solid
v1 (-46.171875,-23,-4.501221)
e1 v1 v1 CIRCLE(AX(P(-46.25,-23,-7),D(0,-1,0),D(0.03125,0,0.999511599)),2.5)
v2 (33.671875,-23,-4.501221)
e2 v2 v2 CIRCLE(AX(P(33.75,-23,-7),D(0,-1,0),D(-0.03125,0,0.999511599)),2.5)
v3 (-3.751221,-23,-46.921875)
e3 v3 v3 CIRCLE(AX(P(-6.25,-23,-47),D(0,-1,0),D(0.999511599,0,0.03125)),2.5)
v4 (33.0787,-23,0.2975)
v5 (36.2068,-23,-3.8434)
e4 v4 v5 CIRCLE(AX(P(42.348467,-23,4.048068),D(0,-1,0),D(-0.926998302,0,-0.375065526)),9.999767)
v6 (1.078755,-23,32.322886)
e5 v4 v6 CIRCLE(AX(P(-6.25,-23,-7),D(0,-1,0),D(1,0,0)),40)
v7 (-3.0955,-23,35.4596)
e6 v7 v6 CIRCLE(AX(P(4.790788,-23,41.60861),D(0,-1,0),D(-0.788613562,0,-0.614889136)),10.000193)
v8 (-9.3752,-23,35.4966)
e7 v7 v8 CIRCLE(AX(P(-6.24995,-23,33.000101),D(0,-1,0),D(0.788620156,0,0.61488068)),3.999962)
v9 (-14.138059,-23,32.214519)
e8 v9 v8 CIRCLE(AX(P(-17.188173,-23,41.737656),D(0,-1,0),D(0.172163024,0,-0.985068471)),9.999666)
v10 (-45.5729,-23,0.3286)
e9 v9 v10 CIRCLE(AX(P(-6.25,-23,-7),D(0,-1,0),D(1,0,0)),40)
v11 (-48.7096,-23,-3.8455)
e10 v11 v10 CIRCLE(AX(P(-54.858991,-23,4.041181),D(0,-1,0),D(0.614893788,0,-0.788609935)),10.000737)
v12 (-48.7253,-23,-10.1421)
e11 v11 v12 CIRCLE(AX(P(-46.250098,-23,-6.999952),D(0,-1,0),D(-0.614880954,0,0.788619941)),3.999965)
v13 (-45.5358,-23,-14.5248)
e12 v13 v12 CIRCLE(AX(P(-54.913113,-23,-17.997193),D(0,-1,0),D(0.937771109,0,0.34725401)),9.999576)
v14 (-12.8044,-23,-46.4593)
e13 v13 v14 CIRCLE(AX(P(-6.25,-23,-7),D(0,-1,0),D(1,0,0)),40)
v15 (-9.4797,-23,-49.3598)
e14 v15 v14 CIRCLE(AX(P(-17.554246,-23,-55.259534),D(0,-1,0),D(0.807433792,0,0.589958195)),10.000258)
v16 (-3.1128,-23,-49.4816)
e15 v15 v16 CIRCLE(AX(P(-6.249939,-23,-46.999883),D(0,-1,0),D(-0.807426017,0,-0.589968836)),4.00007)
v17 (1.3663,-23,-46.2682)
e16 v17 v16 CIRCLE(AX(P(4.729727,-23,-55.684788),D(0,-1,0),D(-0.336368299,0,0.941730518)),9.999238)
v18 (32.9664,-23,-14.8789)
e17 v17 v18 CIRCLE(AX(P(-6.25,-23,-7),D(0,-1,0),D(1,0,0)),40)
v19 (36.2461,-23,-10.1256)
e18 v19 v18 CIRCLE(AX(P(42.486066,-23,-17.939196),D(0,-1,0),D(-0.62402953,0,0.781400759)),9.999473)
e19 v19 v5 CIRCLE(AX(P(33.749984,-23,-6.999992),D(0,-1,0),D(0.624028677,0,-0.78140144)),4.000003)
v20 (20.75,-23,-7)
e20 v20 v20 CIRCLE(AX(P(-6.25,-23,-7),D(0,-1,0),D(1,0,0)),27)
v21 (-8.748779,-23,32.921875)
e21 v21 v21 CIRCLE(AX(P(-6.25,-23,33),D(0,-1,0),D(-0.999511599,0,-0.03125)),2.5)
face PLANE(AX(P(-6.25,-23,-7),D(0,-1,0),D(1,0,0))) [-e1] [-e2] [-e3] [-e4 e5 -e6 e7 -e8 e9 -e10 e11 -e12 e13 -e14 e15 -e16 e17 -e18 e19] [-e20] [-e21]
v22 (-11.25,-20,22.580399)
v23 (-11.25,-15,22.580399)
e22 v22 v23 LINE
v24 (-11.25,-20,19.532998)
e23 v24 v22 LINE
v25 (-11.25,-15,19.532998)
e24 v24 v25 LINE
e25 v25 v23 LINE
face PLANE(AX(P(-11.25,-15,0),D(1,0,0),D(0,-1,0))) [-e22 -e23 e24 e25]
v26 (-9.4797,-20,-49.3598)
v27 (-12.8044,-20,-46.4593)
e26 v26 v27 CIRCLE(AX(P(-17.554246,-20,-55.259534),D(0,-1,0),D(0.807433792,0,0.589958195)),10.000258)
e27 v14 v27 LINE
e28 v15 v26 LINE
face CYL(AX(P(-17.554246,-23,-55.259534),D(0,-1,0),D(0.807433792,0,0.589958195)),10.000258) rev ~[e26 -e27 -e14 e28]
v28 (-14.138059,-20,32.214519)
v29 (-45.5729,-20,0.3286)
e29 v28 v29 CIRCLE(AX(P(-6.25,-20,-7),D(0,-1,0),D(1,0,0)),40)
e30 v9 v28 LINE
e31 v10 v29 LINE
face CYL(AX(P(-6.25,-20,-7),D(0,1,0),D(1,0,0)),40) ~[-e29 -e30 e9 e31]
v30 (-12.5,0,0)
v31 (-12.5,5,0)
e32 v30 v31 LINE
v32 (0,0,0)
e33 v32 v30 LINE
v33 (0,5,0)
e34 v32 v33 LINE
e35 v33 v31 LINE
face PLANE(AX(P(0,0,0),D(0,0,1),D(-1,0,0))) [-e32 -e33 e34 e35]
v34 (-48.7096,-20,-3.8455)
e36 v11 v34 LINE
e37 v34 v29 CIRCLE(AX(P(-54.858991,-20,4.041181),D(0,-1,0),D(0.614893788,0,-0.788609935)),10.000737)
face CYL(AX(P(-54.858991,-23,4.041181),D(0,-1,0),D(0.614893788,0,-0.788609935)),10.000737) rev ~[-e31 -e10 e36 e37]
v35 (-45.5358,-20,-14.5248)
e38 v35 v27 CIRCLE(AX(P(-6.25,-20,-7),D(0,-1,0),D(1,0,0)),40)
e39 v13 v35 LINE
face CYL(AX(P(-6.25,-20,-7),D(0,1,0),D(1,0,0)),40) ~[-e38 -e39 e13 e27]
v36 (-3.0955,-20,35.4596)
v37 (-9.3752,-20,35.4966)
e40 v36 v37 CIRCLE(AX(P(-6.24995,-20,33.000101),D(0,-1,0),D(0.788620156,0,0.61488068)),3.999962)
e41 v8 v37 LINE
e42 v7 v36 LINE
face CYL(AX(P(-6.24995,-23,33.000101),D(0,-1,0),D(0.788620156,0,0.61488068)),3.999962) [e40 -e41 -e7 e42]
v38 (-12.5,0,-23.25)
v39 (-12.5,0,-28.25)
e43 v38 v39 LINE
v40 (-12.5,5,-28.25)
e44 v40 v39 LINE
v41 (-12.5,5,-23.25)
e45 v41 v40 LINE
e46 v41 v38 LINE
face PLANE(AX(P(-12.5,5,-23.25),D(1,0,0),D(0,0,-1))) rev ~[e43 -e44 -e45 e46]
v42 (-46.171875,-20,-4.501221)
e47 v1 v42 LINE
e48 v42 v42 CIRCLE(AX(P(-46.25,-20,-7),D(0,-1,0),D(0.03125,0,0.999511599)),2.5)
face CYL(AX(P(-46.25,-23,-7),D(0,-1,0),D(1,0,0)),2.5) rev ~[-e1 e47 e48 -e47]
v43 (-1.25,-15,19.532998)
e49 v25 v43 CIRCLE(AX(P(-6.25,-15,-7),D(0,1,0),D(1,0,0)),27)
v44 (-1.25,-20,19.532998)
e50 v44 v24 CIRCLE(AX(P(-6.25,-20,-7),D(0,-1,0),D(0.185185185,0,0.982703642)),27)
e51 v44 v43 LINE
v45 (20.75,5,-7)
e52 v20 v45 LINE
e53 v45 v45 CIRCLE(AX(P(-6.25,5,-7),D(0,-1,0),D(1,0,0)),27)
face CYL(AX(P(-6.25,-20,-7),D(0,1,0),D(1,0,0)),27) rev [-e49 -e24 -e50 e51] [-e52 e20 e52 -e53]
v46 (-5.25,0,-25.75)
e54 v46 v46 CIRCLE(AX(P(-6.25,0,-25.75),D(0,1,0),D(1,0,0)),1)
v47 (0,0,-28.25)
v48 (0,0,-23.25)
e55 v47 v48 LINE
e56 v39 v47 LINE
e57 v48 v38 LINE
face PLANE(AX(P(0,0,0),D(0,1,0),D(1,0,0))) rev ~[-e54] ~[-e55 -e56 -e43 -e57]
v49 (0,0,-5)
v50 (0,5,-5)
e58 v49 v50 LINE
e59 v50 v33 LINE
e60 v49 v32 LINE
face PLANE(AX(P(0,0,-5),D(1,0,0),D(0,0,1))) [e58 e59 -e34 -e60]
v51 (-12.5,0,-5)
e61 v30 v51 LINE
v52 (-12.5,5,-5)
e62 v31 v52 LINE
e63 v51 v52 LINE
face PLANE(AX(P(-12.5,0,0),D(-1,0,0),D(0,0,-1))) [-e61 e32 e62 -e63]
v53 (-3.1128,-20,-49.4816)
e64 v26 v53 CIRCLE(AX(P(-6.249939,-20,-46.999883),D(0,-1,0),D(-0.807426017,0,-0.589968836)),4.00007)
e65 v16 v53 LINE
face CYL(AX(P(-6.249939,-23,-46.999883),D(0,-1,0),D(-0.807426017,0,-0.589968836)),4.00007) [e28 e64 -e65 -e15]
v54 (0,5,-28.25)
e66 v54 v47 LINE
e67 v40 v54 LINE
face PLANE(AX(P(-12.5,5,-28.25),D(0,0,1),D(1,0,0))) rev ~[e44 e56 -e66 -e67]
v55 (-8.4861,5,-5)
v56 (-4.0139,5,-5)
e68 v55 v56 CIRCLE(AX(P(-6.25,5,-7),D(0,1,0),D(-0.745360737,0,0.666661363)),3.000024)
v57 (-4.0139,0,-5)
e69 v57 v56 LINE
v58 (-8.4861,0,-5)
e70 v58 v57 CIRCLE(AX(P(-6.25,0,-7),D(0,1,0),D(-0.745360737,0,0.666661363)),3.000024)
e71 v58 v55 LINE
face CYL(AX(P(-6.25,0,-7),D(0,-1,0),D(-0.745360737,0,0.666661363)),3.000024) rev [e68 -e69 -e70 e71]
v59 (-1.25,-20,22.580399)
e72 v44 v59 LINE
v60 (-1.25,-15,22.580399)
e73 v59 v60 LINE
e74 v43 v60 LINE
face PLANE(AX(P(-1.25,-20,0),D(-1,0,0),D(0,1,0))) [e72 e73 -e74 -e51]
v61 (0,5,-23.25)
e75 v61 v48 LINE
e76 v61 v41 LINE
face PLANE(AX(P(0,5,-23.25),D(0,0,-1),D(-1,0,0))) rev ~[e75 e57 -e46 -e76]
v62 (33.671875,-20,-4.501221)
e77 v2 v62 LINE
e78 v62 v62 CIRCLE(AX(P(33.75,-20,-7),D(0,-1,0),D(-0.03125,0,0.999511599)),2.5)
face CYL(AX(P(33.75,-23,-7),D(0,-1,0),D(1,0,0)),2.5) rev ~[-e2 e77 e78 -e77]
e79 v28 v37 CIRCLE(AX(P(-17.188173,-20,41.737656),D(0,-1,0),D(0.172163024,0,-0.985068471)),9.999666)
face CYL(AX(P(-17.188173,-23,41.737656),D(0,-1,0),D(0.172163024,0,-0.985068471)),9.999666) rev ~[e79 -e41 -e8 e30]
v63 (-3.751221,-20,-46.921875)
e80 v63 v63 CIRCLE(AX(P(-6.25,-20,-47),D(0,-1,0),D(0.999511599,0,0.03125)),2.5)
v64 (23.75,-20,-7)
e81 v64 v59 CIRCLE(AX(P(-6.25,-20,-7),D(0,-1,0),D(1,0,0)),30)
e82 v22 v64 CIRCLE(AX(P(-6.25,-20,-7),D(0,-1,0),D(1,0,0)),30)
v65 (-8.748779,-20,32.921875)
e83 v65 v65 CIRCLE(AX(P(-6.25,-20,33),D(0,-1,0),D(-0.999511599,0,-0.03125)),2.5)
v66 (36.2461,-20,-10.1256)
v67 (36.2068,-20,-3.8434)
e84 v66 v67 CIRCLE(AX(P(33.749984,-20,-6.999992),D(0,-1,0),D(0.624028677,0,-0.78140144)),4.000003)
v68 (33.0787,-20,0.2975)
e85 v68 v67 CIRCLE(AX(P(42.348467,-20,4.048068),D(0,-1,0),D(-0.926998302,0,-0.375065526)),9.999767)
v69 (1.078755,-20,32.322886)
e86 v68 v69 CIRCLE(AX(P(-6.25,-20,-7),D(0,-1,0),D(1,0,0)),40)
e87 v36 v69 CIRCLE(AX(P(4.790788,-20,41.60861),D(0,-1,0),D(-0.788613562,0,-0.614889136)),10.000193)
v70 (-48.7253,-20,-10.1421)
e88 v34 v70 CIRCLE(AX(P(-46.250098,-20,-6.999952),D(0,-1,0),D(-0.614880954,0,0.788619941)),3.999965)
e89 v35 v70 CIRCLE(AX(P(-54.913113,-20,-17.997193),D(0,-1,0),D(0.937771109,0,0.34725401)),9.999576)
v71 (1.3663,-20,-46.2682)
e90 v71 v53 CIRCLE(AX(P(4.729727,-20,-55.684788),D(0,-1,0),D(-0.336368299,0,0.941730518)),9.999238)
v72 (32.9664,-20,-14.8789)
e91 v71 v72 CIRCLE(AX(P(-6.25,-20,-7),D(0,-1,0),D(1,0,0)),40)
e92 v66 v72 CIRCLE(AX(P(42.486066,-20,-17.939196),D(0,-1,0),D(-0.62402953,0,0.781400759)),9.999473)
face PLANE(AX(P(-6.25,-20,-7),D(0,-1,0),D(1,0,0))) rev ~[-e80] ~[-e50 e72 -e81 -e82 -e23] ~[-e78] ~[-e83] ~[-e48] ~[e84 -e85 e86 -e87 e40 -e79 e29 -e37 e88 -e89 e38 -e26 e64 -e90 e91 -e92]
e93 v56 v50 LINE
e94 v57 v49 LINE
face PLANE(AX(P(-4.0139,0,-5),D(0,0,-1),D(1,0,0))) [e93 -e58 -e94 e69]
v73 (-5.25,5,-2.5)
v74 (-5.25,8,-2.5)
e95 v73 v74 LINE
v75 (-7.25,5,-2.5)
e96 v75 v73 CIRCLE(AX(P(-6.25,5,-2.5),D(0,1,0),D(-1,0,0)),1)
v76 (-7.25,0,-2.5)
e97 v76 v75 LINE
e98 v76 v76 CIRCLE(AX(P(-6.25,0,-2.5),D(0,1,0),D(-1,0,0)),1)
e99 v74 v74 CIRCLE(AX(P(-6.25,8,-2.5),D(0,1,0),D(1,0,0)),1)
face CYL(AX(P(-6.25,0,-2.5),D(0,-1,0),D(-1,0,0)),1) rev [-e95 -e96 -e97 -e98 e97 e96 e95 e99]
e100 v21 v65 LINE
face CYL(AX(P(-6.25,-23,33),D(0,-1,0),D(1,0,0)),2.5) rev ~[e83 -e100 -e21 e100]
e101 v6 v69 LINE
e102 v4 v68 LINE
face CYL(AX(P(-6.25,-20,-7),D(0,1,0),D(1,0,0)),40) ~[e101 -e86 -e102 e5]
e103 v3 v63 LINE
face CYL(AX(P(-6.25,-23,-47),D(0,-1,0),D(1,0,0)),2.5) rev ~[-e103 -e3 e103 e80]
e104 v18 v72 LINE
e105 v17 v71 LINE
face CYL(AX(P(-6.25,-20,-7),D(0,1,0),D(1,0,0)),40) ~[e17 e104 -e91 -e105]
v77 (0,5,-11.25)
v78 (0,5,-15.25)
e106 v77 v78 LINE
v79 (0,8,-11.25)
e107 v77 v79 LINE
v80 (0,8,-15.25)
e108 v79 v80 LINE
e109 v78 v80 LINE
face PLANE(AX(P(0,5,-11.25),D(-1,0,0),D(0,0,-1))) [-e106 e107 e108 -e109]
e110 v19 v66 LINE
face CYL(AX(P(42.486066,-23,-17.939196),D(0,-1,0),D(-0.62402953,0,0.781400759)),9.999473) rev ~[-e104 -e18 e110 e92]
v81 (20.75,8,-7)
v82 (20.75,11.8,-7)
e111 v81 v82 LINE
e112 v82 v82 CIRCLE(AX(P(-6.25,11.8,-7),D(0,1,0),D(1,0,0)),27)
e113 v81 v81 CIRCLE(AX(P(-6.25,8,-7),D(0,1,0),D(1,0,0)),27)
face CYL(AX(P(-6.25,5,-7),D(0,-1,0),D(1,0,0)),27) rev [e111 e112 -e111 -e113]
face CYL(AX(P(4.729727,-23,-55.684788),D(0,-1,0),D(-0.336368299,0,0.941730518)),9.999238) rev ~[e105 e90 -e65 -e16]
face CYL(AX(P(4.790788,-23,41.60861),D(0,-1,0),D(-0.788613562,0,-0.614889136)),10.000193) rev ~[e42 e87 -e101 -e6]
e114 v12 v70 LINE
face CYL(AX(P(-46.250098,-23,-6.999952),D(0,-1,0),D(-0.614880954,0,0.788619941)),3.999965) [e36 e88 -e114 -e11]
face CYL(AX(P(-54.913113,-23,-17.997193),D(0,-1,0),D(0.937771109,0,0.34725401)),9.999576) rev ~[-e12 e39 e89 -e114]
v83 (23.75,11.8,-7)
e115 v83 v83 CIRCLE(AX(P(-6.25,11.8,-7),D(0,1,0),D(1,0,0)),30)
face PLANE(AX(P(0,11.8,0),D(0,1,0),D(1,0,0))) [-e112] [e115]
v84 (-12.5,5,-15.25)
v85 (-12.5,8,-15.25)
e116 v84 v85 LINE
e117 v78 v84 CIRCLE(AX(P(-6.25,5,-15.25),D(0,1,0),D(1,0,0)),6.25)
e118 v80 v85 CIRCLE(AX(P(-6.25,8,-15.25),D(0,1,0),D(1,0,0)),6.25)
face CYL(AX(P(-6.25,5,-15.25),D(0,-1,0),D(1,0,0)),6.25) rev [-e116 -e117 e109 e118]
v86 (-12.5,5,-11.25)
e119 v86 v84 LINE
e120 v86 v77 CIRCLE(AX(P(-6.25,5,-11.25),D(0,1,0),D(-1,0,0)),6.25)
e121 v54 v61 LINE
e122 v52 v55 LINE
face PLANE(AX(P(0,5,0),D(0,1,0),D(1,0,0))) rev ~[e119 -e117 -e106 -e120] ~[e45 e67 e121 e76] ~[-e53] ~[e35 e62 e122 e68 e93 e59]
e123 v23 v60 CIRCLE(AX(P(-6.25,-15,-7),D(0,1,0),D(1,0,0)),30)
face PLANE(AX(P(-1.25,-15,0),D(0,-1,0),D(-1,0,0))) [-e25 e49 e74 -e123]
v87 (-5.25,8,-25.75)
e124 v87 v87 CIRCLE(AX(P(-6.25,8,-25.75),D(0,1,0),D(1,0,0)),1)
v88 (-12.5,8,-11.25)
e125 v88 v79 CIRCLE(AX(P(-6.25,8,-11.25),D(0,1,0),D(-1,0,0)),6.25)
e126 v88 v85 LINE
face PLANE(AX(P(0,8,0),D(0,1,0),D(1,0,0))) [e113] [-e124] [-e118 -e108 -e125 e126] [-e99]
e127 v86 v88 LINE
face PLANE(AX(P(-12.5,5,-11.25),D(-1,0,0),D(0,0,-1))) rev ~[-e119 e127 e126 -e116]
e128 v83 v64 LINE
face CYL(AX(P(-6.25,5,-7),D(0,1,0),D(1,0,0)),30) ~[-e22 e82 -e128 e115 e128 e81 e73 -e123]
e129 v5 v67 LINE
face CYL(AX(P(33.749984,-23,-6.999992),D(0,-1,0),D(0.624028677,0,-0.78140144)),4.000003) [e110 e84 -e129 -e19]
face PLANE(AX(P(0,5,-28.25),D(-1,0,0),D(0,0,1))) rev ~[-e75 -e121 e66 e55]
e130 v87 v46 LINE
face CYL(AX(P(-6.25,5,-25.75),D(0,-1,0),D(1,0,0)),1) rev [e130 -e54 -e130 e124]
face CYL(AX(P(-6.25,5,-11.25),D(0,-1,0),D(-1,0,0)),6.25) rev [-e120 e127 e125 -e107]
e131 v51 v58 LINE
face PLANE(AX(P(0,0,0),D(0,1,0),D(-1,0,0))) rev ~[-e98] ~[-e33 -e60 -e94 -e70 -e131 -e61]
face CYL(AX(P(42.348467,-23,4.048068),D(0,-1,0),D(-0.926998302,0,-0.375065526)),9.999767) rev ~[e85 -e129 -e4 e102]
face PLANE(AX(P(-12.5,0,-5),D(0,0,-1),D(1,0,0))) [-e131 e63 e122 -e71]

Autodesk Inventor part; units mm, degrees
ref_plane "YZ Plane" through (0, 0, 0) normal (1, 0, 0) x (0, 1, 0)
ref_plane "XZ Plane" through (0, 0, 0) normal (0, 1, 0) x (-1, 0, 0)
ref_plane "XY Plane" through (0, 0, 0) normal (0, 0, 1) x (1, 0, 0)
sketch "Boceto1" plane through (0, 0, 0) normal (0, 1, 0) x (-1, 0, 0)
  line L0 (0, 0) -> (12.5, 0)
  line L1 (12.5, 0) -> (12.5, -5)
  line L2 (0, -5) -> (0, 0)
  circle A0 centre (6.25, -2.5) radius 1
  arc A1 (8.4861, -5) -> (4.0139, -5) centre (6.25, -7) ccw
  line L3 (12.5, -5) -> (8.4861, -5)
  line L4 (4.0139, -5) -> (0, -5)
  dimension "d1" = 5
  dimension "d2" = 2
  dimension "d4" = 6
extrude "Extrusión1" add sketch "Boceto1" along normal blind 5
sketch "Boceto2" plane through (0, 5, 0) normal (0, 1, 0) x (1, 0, 0)
  line L0 (0, 5) -> (-4.0139, 5) projected
  arc A0 (-8.4861, 5) -> (-4.0139, 5) centre (-6.25, 7) ccw projected
  line L1 (-8.4861, 5) -> (-12.5, 5) projected
  line L2 (-12.5, 5) -> (-12.5, 0) projected
  line L3 (-12.5, 0) -> (0, 0) projected
  line L4 (0, 0) -> (0, 5) projected
  circle A1 centre (-6.25, 2.5) radius 1 projected
  arc A2 (-12.5, 11.25) -> (0, 11.25) centre (-6.25, 11.25) ccw
  arc A3 (0, 15.25) -> (-12.5, 15.25) centre (-6.25, 15.25) ccw
  line L5 (-12.5, 11.25) -> (-12.5, 15.25)
  line L6 (0, 11.25) -> (0, 15.25)
  line L7 (0, 23.25) -> (-12.5, 23.25)
  line L8 (-12.5, 23.25) -> (-12.5, 28.25)
  line L9 (-12.5, 28.25) -> (0, 28.25)
  line L10 (0, 28.25) -> (0, 23.25)
  circle A4 centre (-6.25, 25.75) radius 1
  circle A5 centre (-6.25, 7) radius 27
  circle A6 centre (-6.25, 7) radius 30
  dimension "d8" = 12.5
  dimension "d10" = 12.5
  dimension "d12" = 12.5
  dimension "d13" = 5
  dimension "d14" = 2
  dimension "d15" = 54
  dimension "d17" = 3
extrude "Extrusión2" add sketch "Boceto2" along normal blind 3 contours A5
extrude "Extrusión3" add sketch "Boceto2" against normal blind 5 contours L7 L8 L9 L10
extrude "Extrusión4" add sketch "Boceto2" along normal blind 6.8 contours A6
sketch "Boceto3" plane through (0, 5, 0) normal (0, 1, 0) x (1, 0, 0)
  line L0 (-4.0139, 5) -> (0, 5) projected
  line L1 (0, 0) -> (-12.5, 0) projected
  line L2 (0, 5) -> (-12.5, 5)
  line L3 (-12.5, 5) -> (-12.5, 0)
  line L4 (-12.5, 0) -> (0, 0)
  line L5 (0, 0) -> (0, 5)
  line L6 (-12.5, 28.25) -> (0, 28.25) projected
  line L7 (0, 23.25) -> (-12.5, 23.25) projected
  line L8 (0, 28.25) -> (-12.5, 28.25)
  line L9 (-12.5, 28.25) -> (-12.5, 23.25)
  line L10 (-12.5, 23.25) -> (0, 23.25)
  line L11 (0, 23.25) -> (0, 28.25)
  circle A0 centre (-6.25, 25.75) radius 1 projected
  circle A1 centre (-6.25, 25.75) radius 1
  circle A2 centre (-6.25, 2.5) radius 1 projected
  circle A3 centre (-6.25, 2.5) radius 1
  dimension "d24" = 12.5
  dimension "d25" = 5
  dimension "d26" = 12.5
  dimension "d27" = 5
  dimension "d28" = 2
  dimension "d29" = 2
extrude "Extrusión5" add sketch "Boceto3" along normal blind 3
sketch "Boceto4" plane through (-6.25, 5, -7) normal (0, -1, 0) x (1, 0, 0)
  circle A0 centre (0, 0) radius 27 projected
  circle A1 centre (0, 0) radius 30
  circle A2 centre (0, 0) radius 27
  point P0 (6.25, 7)
  dimension "d32" = 60
  dimension "d33" = 54
extrude "Extrusión6" add sketch "Boceto4" along normal blind 25
sketch "Boceto5" plane through (-6.25, -20, -7) normal (0, -1, 0) x (1, 0, 0)
  circle A0 centre (0, 0) radius 27 projected
  arc A1 (6.25, -4.25) -> (-6.25, -4.25) centre (0, -4.25) ccw projected
  line L0 (6.25, -8.25) -> (6.25, -4.25) projected
  arc A2 (-6.25, -8.25) -> (6.25, -8.25) centre (0, -8.25) ccw projected
  line L1 (-6.25, -4.25) -> (-6.25, -8.25) projected
  arc A3 (2.2361, 2) -> (-2.2361, 2) centre (0, 0) ccw projected
  line L2 (-2.2361, 2) -> (-6.25, 2) projected
  line L3 (-6.25, 2) -> (-6.25, 7) projected
  line L4 (-6.25, 7) -> (6.25, 7) projected
  line L5 (6.25, 7) -> (6.25, 2) projected
  line L6 (6.25, 2) -> (2.2361, 2) projected
  line L7 (6.25, -16.25) -> (-6.25, -16.25) projected
  line L8 (6.25, -21.25) -> (6.25, -16.25) projected
  line L9 (-6.25, -21.25) -> (6.25, -21.25) projected
  line L10 (-6.25, -16.25) -> (-6.25, -21.25) projected
  circle A4 centre (0, 0) radius 30 projected
  circle A5 centre (0, 0) radius 27 projected
  circle A6 centre (0, 0) radius 40
  circle A7 centre (0, 0) radius 30 projected
  line L11 (0, 30) -> (5, 30)
  line L12 (5, 30) -> (-5, 30)
  line L13 (-5, 30) -> (-5, 26.533)
  circle A8 centre (0, 0) radius 27 projected
  line L14 (5, 30) -> (5, 26.533)
  circle A9 centre (0, 0) radius 27
  circle A10 centre (0, 0) radius 30
  dimension "d36" = 80
  dimension "d37" = 5
  dimension "d38" = 10
extrude "Extrusión7" add sketch "Boceto5" along normal blind 3 contours A0 L14 A4 L13 | A0 L13 A4 L14 | A4 L11 L14 | L13 L12 A4 | A6
sketch "Boceto6" plane through (-6.25, -23, -7) normal (0, -1, 0) x (1, 0, 0)
  circle A0 centre (0, 0) radius 30 projected
  circle A1 centre (0, 0) radius 40 projected
  circle A2 centre (0, 0) radius 27 projected
  circle A3 centre (0, 0) radius 30 projected
  circle A4 centre (0, 0) radius 30 projected
  circle A5 centre (0, 0) radius 40 projected
  arc A6 (42.4961, -3.1256) -> (42.4568, 3.1566) centre (40, 0) ccw
  circle A7 centre (40, 0) radius 2.5
  circle A8 centre (0, 0) radius 40
  arc A9 (42.4961, -3.1256) -> (39.2164, -7.8789) centre (48.7365, -10.9396) ccw
  line L0 (39.8, 3.995) -> (39.8, 3.995)
  arc A10 (39.3287, 7.2975) -> (42.4568, 3.1566) centre (48.5987, 11.0482) ccw
  arc A11 (3.1545, 42.4596) -> (-3.1252, 42.4966) centre (0, 40) ccw
  circle A12 centre (0, 40) radius 2.5
  line L1 (3.995, 39.8) -> (3.995, 39.8)
  line L2 (9.1155, 38.7955) -> (7.182, 39.1748)
  arc A13 (3.1545, 42.4596) -> (9.1155, 38.7955) centre (11.0406, 48.6084) ccw
  line L3 (-3.995, 39.8) -> (-3.995, 39.8)
  line L4 (-9.2166, 38.8873) -> (-9.7422, 38.7955)
  arc A14 (-9.2166, 38.8873) -> (-3.1252, 42.4966) centre (-10.9383, 48.738) ccw
  arc A15 (-3.2297, -42.3598) -> (3.1372, -42.4816) centre (0, -40) ccw
  circle A16 centre (0, -40) radius 2.5
  arc A17 (-42.4596, 3.1545) -> (-42.4753, -3.1421) centre (-40, 0) ccw
  circle A18 centre (-40, 0) radius 2.5
  line L5 (-8.8392, -38.5679) -> (-8.6091, -38.6265)
  arc A19 (7.6163, -39.2682) -> (3.1372, -42.4816) centre (10.9801, -48.6855) ccw
  arc A20 (-3.2297, -42.3598) -> (-6.5544, -39.4593) centre (-11.3041, -48.2594) ccw
  arc A21 (-42.4596, 3.1545) -> (-39.3229, 7.3286) centre (-48.6084, 11.0406) ccw
  arc A22 (-39.2858, -7.5248) -> (-42.4753, -3.1421) centre (-48.6635, -10.9974) ccw
  point P0 (6.25, 7)
  point P1 (39.8, -3.995)
  point P2 (3.995, -39.8)
  point P3 (-3.995, -39.8)
  point P4 (-39.8, -3.995)
  point P5 (-39.8, 3.995)
  point P6 (-39.2858, -7.5248)
  point P7 (-39.9219, -2.4988)
  point P8 (-39.9219, 2.4988)
  point P9 (-39.3229, 7.3286)
  point P10 (-7.8886, 39.2144)
  point P11 (-2.4988, 39.9219)
  point P12 (2.4988, 39.9219)
  point P13 (7.3286, 39.3229)
  point P14 (2.4988, -39.9219)
  point P15 (-2.4988, -39.9219)
  point P16 (-6.5544, -39.4593)
  point P17 (39.3287, 7.2975)
  point P18 (39.9219, 2.4988)
  point P19 (39.9219, -2.4988)
  dimension "d41" = 8
  dimension "d42" = 5
  dimension "d43" = 10
  dimension "d44" = 10
  dimension "d45" = 8
  dimension "d46" = 5
  dimension "d47" = 10
  dimension "d48" = 10
  dimension "d49" = 8
  dimension "d50" = 5
  dimension "d51" = 8
  dimension "d52" = 5
  dimension "d53" = 10
  dimension "d54" = 10
extrude "Extrusión8" add sketch "Boceto6" against normal blind 3 contours A1 A18 A22 A17 A21 | A14 A11 A13 A1 A12 | A1 A16 A19 A15 A20 | A10 A6 A9 A1 A7
extrude "Extrusión9" cut sketch "Boceto6" against normal blind 3 contours A18 A1 | A1 A12 | A16 A1 | A1 A7 picked at (-39.1609, 0) picked at (-0.0985, 39.1667) picked at (-0.0985, -39.1667) picked at (39.2158, -0.5677)
sketch "Boceto7" plane through (0, 0, 0) normal (0, 0, 1) x (1, 0, 0)
  line L0 (-36.25, -20) -> (23.75, -20) projected
  line L1 (23.75, 11.8) -> (-36.25, 11.8) projected
  line L2 (-3.0955, -23) -> (-9.3752, -23) projected
  line L3 (-3.0955, -23) -> (-3.0955, -20) projected
  line L4 (-9.3752, -20) -> (-3.0955, -20) projected
  line L5 (-9.3752, -23) -> (-9.3752, -20) projected
  line L6 (1.0786, -23) -> (-3.0955, -23) projected
  line L7 (1.0786, -20) -> (1.0786, -23) projected
  line L8 (-3.0955, -20) -> (1.0786, -20) projected
  line L9 (-3.0955, -23) -> (-3.0955, -20) projected
  line L10 (-12.8044, -20) -> (-12.8044, -23) projected
  line L11 (-9.3752, -23) -> (-14.1386, -23) projected
  line L12 (-9.3752, -23) -> (-9.3752, -20) projected
  line L13 (-14.1386, -20) -> (-9.3752, -20) projected
  line L14 (-14.1386, -23) -> (-14.1386, -20) projected
  line L15 (-3.75, -20) -> (-3.75, -23) projected
  line L16 (-3.75, -21.5) -> (-8.75, -21.5)
  line L17 (-6.25, -22.5562) -> (-1.25, -22.5562)
  line L18 (-1.25, -22.5562) -> (-11.25, -22.5562)
  line L19 (-11.25, -22.5562) -> (-11.25, -20)
  line L20 (-11.25, -20) -> (-1.25, -20)
  line L21 (-1.25, -20) -> (-1.25, -15)
  line L22 (-1.25, -15) -> (-11.25, -15)
  line L23 (-11.25, -15) -> (-11.25, -20)
  point P0 (0, 0)
  dimension "d59" = 5
  dimension "d60" = 5
  dimension "d61" = 10
  dimension "d62" = 10
  dimension "d63" = 5
extrude "Extrusión10" cut sketch "Boceto7" along normal blind 30 contours L23 L22 L21 L0
properties part number "Pieza1parte3"
